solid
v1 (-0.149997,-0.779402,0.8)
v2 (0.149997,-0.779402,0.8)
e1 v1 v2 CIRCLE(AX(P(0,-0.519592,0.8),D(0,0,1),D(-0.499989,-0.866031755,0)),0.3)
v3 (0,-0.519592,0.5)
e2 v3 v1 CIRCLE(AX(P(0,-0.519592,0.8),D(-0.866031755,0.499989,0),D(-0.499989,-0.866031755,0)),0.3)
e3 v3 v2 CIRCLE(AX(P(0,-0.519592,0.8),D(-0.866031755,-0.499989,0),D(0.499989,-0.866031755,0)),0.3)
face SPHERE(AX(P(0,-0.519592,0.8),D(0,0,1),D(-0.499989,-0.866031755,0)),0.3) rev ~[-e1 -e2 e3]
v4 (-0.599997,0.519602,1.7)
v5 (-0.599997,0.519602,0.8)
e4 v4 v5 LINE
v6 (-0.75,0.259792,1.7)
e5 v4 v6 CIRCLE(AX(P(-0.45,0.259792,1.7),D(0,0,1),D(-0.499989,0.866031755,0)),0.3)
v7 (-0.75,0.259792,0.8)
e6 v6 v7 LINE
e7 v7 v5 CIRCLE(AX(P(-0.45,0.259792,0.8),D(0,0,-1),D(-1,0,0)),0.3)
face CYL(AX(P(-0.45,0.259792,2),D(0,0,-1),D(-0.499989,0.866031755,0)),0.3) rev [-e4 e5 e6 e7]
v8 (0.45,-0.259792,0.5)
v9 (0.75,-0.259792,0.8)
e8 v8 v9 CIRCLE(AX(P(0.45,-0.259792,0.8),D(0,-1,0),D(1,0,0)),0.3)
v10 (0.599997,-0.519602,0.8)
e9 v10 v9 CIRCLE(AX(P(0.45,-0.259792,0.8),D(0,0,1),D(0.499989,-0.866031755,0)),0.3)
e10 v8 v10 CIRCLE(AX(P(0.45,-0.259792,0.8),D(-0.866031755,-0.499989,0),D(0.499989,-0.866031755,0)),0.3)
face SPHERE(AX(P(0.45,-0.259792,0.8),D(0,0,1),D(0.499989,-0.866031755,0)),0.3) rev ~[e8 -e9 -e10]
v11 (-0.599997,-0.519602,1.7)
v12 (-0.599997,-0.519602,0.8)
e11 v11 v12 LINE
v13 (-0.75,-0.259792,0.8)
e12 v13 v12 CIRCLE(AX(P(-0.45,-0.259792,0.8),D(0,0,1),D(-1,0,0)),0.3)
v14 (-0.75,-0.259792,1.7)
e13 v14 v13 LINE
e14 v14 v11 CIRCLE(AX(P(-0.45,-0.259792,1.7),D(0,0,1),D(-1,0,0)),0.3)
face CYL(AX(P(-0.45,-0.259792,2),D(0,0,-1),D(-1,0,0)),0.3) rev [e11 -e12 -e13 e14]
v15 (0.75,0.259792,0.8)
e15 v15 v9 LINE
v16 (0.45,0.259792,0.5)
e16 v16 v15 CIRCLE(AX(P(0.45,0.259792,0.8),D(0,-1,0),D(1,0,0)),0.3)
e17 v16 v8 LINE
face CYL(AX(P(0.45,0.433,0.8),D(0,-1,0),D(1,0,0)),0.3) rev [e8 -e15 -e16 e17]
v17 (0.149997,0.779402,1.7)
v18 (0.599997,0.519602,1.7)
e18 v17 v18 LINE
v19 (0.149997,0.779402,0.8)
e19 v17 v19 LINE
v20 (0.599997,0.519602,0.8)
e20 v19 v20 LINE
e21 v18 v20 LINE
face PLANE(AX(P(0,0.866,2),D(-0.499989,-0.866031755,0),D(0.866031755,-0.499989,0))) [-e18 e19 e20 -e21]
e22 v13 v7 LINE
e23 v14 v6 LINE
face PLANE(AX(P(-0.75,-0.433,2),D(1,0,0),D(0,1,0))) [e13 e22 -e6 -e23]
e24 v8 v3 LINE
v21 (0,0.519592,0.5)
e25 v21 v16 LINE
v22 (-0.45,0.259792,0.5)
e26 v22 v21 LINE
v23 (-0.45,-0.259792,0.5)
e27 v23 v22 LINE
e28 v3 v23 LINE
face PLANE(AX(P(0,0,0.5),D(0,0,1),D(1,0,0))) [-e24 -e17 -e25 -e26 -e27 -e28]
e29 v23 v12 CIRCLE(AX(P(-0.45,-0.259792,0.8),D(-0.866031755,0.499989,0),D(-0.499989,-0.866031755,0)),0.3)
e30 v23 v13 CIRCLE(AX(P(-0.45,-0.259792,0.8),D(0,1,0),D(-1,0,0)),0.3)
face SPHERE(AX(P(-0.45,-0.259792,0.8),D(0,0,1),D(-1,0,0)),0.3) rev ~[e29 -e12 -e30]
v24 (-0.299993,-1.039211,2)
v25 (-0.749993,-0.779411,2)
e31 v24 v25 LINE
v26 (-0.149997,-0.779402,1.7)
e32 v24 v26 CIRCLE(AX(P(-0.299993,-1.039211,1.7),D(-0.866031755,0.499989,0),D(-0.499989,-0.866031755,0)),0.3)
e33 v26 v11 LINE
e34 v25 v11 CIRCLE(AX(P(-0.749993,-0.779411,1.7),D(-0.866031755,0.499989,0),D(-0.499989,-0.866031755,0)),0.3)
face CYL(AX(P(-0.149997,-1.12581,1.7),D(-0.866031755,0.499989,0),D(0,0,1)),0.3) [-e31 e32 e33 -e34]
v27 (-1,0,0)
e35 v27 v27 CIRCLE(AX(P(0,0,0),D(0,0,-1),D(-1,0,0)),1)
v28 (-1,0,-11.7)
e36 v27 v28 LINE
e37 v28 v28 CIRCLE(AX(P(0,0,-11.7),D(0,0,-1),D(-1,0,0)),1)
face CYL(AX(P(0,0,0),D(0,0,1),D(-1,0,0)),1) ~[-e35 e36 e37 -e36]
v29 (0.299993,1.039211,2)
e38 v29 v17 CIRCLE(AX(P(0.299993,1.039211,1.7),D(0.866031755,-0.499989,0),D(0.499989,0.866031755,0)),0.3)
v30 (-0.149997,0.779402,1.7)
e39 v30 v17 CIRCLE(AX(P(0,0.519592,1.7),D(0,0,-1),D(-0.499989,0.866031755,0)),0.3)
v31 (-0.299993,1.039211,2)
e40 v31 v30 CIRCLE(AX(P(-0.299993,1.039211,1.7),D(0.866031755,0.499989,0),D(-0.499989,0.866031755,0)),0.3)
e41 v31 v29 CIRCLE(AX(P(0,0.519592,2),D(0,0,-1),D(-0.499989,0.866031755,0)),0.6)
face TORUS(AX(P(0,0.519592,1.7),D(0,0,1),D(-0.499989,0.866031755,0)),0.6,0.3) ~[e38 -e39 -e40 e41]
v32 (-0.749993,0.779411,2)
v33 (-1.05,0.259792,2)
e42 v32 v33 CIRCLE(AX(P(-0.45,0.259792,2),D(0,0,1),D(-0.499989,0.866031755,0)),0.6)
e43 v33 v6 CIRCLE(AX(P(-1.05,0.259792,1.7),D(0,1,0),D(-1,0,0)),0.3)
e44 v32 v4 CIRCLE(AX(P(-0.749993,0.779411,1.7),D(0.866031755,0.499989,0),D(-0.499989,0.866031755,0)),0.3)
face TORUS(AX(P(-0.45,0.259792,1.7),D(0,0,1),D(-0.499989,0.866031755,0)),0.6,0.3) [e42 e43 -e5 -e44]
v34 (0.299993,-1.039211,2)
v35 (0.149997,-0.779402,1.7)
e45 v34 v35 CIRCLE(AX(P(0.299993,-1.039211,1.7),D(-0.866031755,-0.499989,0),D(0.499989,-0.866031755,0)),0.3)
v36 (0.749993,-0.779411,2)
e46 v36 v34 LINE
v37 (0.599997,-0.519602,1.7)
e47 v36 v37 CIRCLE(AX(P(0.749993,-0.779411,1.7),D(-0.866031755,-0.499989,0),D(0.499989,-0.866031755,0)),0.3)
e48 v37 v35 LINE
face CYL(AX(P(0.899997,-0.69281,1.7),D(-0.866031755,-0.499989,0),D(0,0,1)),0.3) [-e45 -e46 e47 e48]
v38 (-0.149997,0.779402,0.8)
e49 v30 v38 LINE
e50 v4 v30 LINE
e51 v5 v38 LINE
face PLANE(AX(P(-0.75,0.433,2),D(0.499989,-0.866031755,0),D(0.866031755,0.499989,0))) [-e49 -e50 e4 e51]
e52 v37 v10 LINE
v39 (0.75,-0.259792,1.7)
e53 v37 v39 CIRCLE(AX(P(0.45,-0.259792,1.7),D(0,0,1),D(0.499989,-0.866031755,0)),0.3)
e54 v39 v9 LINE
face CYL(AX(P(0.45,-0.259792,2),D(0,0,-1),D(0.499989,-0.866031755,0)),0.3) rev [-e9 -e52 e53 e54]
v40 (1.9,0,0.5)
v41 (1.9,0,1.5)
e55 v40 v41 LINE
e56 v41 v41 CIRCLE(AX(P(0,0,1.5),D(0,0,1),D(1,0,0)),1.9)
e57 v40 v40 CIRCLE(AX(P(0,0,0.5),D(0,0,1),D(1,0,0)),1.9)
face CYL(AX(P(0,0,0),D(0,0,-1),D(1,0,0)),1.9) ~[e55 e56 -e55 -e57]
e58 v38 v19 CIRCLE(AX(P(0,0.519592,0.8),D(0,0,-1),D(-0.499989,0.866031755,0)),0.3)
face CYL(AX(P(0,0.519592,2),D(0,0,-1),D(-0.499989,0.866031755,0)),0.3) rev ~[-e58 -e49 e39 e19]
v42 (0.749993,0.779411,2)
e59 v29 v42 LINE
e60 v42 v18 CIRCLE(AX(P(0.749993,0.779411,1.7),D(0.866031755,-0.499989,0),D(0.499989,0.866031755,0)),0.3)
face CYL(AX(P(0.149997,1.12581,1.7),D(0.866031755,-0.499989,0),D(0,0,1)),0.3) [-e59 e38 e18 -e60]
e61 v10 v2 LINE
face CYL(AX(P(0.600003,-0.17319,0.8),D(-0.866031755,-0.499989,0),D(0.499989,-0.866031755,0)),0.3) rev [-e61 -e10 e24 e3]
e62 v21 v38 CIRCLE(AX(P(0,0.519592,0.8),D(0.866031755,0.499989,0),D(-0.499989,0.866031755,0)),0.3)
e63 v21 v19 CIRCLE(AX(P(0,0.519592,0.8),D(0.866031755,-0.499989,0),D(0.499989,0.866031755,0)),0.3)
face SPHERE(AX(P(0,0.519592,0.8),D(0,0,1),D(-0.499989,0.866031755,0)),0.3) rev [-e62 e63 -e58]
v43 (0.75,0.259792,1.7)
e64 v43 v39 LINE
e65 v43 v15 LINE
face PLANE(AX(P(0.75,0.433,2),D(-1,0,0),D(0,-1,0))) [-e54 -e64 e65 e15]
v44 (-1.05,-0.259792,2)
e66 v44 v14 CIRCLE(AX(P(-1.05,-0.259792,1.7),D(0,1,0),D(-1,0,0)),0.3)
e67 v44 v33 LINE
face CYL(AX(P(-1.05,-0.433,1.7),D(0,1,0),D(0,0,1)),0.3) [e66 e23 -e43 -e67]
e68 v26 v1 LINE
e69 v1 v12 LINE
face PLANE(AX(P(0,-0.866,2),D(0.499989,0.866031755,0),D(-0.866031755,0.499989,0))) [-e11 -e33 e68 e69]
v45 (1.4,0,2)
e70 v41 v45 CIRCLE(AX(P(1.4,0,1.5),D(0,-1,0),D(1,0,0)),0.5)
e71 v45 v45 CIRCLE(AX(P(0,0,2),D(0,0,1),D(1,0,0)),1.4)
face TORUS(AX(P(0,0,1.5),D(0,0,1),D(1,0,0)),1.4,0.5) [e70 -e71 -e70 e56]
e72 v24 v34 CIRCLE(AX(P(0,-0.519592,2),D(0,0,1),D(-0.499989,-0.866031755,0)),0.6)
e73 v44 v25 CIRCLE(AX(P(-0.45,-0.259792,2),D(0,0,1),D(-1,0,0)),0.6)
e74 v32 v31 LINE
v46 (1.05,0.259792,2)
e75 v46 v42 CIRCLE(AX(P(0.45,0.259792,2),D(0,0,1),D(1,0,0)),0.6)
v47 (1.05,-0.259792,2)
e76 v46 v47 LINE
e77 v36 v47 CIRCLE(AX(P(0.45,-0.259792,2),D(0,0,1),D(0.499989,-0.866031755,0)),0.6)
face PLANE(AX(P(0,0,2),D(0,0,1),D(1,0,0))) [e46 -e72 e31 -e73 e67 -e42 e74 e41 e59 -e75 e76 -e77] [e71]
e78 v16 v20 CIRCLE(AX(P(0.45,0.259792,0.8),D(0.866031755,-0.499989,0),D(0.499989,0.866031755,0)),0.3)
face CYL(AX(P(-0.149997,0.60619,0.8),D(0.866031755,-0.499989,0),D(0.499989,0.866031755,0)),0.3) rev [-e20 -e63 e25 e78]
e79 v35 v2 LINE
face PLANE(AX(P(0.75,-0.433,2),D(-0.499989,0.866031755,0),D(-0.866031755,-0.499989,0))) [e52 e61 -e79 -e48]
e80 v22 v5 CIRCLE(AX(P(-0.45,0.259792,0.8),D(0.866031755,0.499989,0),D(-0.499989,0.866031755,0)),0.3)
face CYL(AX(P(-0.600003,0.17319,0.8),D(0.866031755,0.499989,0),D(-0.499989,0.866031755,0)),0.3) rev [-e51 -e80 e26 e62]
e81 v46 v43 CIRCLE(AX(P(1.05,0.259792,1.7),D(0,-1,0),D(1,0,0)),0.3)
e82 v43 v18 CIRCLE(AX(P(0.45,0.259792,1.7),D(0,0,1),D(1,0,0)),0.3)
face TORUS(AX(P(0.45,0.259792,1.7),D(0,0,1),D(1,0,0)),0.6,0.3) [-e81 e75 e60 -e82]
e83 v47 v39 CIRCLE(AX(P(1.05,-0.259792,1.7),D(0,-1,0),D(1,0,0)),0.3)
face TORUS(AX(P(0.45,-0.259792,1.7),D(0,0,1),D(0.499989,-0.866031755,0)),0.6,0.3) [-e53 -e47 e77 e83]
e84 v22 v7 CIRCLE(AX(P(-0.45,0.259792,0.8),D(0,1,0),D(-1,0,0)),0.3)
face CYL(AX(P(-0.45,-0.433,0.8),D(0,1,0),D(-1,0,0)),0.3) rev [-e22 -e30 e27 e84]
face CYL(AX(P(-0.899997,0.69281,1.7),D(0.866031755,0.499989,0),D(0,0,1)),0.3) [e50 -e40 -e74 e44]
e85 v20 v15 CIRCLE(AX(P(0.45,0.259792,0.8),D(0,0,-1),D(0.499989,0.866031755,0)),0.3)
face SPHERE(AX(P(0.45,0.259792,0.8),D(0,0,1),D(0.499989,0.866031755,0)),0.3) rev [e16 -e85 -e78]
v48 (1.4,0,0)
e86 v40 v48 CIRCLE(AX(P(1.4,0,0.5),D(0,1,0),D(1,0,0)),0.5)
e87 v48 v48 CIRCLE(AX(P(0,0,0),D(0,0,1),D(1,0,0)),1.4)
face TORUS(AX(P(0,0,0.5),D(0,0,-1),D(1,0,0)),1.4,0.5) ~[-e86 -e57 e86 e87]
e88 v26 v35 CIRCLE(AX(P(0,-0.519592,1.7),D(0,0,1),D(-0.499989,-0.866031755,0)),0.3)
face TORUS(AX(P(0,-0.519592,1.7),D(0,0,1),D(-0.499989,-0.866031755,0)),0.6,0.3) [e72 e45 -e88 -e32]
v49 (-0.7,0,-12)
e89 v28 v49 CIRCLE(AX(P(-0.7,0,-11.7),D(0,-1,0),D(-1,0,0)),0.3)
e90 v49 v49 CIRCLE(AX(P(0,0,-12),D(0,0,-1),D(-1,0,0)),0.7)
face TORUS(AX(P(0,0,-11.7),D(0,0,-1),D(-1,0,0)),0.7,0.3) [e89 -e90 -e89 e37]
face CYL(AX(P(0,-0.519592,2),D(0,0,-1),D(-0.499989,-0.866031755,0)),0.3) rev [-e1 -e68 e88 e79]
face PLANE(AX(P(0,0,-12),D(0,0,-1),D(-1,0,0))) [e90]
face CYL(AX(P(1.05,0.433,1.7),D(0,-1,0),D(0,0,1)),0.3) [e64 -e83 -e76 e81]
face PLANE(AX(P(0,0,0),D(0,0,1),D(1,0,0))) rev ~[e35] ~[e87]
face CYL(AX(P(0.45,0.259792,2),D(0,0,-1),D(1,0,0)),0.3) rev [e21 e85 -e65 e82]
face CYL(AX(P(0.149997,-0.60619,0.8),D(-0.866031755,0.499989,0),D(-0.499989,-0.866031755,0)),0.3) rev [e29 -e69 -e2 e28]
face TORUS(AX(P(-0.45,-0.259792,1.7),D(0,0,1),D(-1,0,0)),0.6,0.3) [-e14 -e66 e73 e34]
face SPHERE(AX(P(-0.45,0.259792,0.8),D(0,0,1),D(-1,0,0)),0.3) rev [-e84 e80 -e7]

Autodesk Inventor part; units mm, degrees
ref_plane "YZ Plane" through (0, 0, 0) normal (1, 0, 0) x (0, 1, 0)
ref_plane "XZ Plane" through (0, 0, 0) normal (0, 1, 0) x (-1, 0, 0)
ref_plane "XY Plane" through (0, 0, 0) normal (0, 0, 1) x (1, 0, 0)
sketch "スケッチ1" plane through (0, 0, 0) normal (0, 0, 1) x (1, 0, 0)
  circle A0 centre (0, 0) radius 1.9
  dimension "d0" = 3.8
extrude "押し出し1" add sketch "スケッチ1" along normal blind 2
sketch "スケッチ2" plane through (0, 0, 0) normal (0, 0, -1) x (-1, 0, 0)
  circle A0 centre (0, 0) radius 1.9 projected
  circle A1 centre (0, 0) radius 1
  dimension "d3" = 2
extrude "押し出し2" add sketch "スケッチ2" along normal blind 12 contours A1
sketch "スケッチ3" plane through (0, 0, 2) normal (0, 0, 1) x (1, 0, 0)
  circle A0 centre (0, 0) radius 1.9 projected
  line L0 (0, 0.866) -> (0.75, 0.433)
  line L1 (0.75, 0.433) -> (0.75, -0.433)
  line L2 (0.75, -0.433) -> (0, -0.866)
  line L3 (0, -0.866) -> (-0.75, -0.433)
  line L4 (-0.75, -0.433) -> (-0.75, 0.433)
  line L5 (-0.75, 0.433) -> (0, 0.866)
  dimension "d6" = 0.75
extrude "押し出し3" cut sketch "スケッチ3" against normal blind 1.5 contours L0 L1 L2 L3 L4 L5
fillet "フィレット1" radius 0.5 2 edges at (-1.9, 0, 2) (-1.9, 0, 0)
fillet "フィレット2" radius 0.3 19 edges at (-0.375, 0.6495, 2) (-0.75, 0, 2) (-0.375, -0.6495, 2) (0.375, -0.6495, 2) (0.75, 0, 2) (0.375, 0.6495, 2) (-0.375, 0.6495, 0.5) (0.375, 0.6495, 0.5) (0, 0.866, 1.25) (-0.75, 0.433, 1.25) (-0.375, -0.6495, 0.5) (-0.75, -0.433, 1.25) (-0.75, 0, 0.5) (0.75, 0, 0.5) (0.75, 0.433, 1.25) (0.75, -0.433, 1.25) (0.375, -0.6495, 0.5) (0, -0.866, 1.25) (1, 0, -12)
thread "ねじ3" size "M2x0.4" class "6g" standard "ANSI Metric M Profile" full length
